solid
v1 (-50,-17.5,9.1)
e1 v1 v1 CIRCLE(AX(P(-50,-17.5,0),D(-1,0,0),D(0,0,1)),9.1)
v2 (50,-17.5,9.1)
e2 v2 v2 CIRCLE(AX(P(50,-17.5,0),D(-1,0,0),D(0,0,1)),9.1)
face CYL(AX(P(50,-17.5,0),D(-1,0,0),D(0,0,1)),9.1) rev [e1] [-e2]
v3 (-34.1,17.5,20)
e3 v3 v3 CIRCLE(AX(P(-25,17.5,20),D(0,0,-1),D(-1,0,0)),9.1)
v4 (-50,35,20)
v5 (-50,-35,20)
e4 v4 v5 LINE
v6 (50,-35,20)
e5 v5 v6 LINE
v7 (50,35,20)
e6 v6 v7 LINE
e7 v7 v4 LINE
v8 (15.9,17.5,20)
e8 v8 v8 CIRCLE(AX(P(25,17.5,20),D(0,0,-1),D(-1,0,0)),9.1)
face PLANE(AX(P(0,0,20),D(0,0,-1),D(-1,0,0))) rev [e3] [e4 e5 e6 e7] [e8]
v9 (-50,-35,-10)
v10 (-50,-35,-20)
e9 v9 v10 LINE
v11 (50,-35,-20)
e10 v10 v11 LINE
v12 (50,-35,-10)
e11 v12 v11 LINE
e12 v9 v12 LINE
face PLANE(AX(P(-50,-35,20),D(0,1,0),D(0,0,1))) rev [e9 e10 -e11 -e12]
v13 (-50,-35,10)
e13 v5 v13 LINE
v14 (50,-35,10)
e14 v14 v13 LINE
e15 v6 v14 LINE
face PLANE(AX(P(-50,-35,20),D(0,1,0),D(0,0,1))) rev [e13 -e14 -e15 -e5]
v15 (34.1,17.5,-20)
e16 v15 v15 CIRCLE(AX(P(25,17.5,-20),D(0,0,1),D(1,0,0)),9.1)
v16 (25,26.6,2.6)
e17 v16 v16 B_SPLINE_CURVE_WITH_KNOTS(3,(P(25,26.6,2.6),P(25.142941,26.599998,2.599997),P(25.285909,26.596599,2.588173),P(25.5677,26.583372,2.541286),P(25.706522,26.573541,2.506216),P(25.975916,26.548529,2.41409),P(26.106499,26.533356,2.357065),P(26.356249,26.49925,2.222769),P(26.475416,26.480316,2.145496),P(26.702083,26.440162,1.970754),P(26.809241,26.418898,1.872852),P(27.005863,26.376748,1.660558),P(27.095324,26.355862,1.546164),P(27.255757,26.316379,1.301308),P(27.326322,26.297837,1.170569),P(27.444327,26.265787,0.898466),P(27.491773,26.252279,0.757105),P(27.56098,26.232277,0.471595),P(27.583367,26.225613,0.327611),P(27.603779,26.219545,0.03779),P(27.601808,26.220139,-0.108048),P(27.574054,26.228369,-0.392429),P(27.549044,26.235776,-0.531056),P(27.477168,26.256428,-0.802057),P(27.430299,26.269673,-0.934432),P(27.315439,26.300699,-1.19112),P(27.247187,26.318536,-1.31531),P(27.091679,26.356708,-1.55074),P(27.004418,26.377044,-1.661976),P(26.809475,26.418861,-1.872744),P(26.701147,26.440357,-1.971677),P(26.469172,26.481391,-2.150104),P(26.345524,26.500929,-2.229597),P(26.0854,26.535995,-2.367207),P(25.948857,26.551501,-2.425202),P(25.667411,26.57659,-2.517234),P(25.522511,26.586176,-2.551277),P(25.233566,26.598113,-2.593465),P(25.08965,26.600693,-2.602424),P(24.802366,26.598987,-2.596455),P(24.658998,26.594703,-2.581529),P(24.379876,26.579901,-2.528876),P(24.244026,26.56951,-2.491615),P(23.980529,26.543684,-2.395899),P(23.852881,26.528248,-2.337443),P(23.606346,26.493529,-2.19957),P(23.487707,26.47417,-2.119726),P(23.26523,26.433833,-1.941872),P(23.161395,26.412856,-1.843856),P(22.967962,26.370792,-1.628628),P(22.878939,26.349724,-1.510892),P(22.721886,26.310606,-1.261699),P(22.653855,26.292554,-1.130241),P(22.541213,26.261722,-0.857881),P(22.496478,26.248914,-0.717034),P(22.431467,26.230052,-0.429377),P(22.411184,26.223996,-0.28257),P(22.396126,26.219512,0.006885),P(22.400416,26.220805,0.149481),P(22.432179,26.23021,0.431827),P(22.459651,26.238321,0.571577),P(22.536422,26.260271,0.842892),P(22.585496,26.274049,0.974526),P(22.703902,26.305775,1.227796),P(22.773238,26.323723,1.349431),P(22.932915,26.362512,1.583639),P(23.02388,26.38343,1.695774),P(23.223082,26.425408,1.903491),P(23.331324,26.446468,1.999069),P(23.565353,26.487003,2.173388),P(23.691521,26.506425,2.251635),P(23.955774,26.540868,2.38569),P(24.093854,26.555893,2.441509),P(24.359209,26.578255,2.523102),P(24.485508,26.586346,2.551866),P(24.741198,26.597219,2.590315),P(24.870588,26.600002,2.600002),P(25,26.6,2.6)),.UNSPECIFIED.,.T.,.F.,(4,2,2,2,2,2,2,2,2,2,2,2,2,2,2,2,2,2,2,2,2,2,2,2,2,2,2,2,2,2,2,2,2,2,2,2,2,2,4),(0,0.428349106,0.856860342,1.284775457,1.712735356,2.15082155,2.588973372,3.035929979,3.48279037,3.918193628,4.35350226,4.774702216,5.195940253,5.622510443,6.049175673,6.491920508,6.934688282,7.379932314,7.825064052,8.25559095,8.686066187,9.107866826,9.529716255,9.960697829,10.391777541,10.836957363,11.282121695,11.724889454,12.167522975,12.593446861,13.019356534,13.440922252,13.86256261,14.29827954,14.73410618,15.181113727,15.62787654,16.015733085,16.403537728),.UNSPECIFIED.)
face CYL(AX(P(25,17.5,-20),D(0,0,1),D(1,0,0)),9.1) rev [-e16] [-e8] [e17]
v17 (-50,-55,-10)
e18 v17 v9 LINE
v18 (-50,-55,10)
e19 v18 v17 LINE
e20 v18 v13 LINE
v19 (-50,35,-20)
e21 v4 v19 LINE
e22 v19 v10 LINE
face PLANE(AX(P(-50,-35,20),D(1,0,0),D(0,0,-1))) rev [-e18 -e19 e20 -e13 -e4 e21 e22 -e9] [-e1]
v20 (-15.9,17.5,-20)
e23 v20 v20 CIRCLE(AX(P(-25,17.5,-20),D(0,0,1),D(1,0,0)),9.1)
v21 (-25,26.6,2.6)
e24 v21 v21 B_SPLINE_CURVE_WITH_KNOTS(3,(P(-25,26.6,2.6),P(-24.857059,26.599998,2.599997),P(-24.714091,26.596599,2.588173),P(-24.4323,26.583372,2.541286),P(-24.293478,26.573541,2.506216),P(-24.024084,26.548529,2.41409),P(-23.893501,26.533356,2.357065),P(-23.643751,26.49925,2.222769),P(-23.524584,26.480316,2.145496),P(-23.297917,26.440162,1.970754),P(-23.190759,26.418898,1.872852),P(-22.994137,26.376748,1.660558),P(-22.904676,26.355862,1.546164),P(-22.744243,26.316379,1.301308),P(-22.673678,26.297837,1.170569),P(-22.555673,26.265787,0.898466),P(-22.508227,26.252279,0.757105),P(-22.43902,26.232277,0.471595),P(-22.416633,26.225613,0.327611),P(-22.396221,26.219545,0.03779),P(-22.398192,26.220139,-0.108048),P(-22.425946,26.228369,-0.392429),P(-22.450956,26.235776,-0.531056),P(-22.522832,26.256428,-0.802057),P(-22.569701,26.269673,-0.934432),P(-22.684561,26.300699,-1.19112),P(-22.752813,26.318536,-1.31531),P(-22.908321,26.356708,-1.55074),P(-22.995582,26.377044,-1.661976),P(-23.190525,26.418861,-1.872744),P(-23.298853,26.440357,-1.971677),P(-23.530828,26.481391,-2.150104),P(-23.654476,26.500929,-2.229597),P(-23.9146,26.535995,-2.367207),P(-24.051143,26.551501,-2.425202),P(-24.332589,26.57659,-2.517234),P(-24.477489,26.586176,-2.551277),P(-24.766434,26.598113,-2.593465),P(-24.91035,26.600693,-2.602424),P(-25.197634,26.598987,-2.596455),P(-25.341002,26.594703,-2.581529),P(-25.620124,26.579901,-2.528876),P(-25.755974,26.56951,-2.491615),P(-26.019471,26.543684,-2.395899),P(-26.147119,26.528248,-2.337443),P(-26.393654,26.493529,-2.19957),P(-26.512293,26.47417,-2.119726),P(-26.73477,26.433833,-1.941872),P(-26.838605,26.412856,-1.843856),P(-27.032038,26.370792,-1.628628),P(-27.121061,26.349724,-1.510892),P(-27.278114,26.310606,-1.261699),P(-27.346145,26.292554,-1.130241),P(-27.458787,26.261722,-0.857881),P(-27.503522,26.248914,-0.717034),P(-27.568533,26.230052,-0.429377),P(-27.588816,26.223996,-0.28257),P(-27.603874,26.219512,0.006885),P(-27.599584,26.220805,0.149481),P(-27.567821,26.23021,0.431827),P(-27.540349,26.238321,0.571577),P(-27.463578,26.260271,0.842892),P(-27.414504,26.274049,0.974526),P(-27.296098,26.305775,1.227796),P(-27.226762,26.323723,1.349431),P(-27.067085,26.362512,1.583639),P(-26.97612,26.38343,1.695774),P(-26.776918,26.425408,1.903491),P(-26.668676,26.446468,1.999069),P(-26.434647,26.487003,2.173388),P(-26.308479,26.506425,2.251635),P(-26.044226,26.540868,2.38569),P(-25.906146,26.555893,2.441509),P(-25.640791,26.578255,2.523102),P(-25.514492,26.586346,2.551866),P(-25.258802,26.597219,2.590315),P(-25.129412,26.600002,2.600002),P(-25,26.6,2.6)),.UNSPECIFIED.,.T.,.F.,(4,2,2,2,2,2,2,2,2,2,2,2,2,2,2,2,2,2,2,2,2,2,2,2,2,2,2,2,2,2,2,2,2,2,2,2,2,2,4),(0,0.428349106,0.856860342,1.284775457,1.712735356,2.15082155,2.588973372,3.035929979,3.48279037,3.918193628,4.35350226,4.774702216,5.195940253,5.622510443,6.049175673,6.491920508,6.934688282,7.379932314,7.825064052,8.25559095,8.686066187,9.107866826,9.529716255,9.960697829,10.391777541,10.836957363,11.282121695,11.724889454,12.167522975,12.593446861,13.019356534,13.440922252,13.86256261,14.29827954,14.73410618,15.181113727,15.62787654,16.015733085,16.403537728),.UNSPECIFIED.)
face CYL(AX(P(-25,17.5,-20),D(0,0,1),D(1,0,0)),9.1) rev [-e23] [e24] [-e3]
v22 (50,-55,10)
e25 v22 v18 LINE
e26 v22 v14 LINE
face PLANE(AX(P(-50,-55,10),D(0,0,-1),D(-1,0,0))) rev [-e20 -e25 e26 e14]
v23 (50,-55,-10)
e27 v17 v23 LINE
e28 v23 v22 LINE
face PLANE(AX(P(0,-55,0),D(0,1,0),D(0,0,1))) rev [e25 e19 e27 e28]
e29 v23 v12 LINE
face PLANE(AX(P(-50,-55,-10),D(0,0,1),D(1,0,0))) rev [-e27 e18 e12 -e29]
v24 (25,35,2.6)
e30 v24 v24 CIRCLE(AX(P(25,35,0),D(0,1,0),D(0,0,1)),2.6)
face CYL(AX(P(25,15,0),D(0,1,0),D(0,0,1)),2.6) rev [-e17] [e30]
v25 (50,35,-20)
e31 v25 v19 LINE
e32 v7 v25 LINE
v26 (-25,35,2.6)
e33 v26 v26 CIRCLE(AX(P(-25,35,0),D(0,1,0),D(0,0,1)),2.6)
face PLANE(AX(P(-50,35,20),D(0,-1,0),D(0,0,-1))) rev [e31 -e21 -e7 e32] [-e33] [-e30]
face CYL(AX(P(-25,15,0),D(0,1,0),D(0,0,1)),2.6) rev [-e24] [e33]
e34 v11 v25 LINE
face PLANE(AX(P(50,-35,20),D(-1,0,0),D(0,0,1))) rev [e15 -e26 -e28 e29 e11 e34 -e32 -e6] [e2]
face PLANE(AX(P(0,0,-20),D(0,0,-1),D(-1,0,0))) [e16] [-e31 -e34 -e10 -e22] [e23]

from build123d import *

# Parameters (mm, degrees)
SKETCH1_W               = 100
SKETCH1_H               = 70
BOSS_EXTRUDE1_DEPTH     = 20
CUT_EXTRUDE1_DEPTH      = 73.972597597
CUT_EXTRUDE1_DEPTH_BACK = 73.972597597
SKETCH2_R               = 9.1
CUT_EXTRUDE2_DEPTH      = 108.819293264
CUT_EXTRUDE2_DEPTH_BACK = 108.819293264
SKETCH3_R               = 9.1
SKETCH4_R               = 2.6
CUT_EXTRUDE4_DEPTH      = 20
SKETCH5_W               = 100
SKETCH5_H               = 20
BOSS_EXTRUDE2_DEPTH     = 20


with BuildPart() as part:
    # Sketch1 → Boss-Extrude1 (new, symmetric)
    with BuildSketch(Plane.XY):
        Rectangle(SKETCH1_W, SKETCH1_H)
    extrude(amount=BOSS_EXTRUDE1_DEPTH, both=True)

    # Sketch2 → Cut-Extrude1 (cut, two sides: drawn at the far end of the back side and taken through both)
    with BuildSketch(Plane.XY.offset(20).offset(-CUT_EXTRUDE1_DEPTH_BACK)):
        with Locations((25, 17.5)):
            Circle(SKETCH2_R)
        with Locations((-25, 17.5)):
            Circle(SKETCH2_R)
    extrude(amount=CUT_EXTRUDE1_DEPTH + CUT_EXTRUDE1_DEPTH_BACK, mode=Mode.SUBTRACT)

    # Sketch3 → Cut-Extrude2 (cut, two sides: drawn at the far end of the back side and taken through both)
    with BuildSketch(Plane.ZY.offset(50).offset(-CUT_EXTRUDE2_DEPTH_BACK)):
        with Locations((0, -17.5)):
            Circle(SKETCH3_R)
    extrude(amount=CUT_EXTRUDE2_DEPTH + CUT_EXTRUDE2_DEPTH_BACK, mode=Mode.SUBTRACT)

    # Sketch4 → Cut-Extrude4 (cut)
    with BuildSketch(Plane(origin=(0, 35, 0), x_dir=(1, 0, 0), z_dir=(0, 1, 0))):
        with Locations(Location((-25, 0, 0), (0, 0, 270))):
            Circle(SKETCH4_R)
        with Locations(Location((25, 0, 0), (0, 0, 270))):
            Circle(SKETCH4_R)
    extrude(amount=-CUT_EXTRUDE4_DEPTH, mode=Mode.SUBTRACT)

    # Sketch5 → Boss-Extrude2 (add)
    with BuildSketch(Plane.XZ.offset(35)):
        Rectangle(SKETCH5_W, SKETCH5_H)
    extrude(amount=BOSS_EXTRUDE2_DEPTH)


solid = part.part
